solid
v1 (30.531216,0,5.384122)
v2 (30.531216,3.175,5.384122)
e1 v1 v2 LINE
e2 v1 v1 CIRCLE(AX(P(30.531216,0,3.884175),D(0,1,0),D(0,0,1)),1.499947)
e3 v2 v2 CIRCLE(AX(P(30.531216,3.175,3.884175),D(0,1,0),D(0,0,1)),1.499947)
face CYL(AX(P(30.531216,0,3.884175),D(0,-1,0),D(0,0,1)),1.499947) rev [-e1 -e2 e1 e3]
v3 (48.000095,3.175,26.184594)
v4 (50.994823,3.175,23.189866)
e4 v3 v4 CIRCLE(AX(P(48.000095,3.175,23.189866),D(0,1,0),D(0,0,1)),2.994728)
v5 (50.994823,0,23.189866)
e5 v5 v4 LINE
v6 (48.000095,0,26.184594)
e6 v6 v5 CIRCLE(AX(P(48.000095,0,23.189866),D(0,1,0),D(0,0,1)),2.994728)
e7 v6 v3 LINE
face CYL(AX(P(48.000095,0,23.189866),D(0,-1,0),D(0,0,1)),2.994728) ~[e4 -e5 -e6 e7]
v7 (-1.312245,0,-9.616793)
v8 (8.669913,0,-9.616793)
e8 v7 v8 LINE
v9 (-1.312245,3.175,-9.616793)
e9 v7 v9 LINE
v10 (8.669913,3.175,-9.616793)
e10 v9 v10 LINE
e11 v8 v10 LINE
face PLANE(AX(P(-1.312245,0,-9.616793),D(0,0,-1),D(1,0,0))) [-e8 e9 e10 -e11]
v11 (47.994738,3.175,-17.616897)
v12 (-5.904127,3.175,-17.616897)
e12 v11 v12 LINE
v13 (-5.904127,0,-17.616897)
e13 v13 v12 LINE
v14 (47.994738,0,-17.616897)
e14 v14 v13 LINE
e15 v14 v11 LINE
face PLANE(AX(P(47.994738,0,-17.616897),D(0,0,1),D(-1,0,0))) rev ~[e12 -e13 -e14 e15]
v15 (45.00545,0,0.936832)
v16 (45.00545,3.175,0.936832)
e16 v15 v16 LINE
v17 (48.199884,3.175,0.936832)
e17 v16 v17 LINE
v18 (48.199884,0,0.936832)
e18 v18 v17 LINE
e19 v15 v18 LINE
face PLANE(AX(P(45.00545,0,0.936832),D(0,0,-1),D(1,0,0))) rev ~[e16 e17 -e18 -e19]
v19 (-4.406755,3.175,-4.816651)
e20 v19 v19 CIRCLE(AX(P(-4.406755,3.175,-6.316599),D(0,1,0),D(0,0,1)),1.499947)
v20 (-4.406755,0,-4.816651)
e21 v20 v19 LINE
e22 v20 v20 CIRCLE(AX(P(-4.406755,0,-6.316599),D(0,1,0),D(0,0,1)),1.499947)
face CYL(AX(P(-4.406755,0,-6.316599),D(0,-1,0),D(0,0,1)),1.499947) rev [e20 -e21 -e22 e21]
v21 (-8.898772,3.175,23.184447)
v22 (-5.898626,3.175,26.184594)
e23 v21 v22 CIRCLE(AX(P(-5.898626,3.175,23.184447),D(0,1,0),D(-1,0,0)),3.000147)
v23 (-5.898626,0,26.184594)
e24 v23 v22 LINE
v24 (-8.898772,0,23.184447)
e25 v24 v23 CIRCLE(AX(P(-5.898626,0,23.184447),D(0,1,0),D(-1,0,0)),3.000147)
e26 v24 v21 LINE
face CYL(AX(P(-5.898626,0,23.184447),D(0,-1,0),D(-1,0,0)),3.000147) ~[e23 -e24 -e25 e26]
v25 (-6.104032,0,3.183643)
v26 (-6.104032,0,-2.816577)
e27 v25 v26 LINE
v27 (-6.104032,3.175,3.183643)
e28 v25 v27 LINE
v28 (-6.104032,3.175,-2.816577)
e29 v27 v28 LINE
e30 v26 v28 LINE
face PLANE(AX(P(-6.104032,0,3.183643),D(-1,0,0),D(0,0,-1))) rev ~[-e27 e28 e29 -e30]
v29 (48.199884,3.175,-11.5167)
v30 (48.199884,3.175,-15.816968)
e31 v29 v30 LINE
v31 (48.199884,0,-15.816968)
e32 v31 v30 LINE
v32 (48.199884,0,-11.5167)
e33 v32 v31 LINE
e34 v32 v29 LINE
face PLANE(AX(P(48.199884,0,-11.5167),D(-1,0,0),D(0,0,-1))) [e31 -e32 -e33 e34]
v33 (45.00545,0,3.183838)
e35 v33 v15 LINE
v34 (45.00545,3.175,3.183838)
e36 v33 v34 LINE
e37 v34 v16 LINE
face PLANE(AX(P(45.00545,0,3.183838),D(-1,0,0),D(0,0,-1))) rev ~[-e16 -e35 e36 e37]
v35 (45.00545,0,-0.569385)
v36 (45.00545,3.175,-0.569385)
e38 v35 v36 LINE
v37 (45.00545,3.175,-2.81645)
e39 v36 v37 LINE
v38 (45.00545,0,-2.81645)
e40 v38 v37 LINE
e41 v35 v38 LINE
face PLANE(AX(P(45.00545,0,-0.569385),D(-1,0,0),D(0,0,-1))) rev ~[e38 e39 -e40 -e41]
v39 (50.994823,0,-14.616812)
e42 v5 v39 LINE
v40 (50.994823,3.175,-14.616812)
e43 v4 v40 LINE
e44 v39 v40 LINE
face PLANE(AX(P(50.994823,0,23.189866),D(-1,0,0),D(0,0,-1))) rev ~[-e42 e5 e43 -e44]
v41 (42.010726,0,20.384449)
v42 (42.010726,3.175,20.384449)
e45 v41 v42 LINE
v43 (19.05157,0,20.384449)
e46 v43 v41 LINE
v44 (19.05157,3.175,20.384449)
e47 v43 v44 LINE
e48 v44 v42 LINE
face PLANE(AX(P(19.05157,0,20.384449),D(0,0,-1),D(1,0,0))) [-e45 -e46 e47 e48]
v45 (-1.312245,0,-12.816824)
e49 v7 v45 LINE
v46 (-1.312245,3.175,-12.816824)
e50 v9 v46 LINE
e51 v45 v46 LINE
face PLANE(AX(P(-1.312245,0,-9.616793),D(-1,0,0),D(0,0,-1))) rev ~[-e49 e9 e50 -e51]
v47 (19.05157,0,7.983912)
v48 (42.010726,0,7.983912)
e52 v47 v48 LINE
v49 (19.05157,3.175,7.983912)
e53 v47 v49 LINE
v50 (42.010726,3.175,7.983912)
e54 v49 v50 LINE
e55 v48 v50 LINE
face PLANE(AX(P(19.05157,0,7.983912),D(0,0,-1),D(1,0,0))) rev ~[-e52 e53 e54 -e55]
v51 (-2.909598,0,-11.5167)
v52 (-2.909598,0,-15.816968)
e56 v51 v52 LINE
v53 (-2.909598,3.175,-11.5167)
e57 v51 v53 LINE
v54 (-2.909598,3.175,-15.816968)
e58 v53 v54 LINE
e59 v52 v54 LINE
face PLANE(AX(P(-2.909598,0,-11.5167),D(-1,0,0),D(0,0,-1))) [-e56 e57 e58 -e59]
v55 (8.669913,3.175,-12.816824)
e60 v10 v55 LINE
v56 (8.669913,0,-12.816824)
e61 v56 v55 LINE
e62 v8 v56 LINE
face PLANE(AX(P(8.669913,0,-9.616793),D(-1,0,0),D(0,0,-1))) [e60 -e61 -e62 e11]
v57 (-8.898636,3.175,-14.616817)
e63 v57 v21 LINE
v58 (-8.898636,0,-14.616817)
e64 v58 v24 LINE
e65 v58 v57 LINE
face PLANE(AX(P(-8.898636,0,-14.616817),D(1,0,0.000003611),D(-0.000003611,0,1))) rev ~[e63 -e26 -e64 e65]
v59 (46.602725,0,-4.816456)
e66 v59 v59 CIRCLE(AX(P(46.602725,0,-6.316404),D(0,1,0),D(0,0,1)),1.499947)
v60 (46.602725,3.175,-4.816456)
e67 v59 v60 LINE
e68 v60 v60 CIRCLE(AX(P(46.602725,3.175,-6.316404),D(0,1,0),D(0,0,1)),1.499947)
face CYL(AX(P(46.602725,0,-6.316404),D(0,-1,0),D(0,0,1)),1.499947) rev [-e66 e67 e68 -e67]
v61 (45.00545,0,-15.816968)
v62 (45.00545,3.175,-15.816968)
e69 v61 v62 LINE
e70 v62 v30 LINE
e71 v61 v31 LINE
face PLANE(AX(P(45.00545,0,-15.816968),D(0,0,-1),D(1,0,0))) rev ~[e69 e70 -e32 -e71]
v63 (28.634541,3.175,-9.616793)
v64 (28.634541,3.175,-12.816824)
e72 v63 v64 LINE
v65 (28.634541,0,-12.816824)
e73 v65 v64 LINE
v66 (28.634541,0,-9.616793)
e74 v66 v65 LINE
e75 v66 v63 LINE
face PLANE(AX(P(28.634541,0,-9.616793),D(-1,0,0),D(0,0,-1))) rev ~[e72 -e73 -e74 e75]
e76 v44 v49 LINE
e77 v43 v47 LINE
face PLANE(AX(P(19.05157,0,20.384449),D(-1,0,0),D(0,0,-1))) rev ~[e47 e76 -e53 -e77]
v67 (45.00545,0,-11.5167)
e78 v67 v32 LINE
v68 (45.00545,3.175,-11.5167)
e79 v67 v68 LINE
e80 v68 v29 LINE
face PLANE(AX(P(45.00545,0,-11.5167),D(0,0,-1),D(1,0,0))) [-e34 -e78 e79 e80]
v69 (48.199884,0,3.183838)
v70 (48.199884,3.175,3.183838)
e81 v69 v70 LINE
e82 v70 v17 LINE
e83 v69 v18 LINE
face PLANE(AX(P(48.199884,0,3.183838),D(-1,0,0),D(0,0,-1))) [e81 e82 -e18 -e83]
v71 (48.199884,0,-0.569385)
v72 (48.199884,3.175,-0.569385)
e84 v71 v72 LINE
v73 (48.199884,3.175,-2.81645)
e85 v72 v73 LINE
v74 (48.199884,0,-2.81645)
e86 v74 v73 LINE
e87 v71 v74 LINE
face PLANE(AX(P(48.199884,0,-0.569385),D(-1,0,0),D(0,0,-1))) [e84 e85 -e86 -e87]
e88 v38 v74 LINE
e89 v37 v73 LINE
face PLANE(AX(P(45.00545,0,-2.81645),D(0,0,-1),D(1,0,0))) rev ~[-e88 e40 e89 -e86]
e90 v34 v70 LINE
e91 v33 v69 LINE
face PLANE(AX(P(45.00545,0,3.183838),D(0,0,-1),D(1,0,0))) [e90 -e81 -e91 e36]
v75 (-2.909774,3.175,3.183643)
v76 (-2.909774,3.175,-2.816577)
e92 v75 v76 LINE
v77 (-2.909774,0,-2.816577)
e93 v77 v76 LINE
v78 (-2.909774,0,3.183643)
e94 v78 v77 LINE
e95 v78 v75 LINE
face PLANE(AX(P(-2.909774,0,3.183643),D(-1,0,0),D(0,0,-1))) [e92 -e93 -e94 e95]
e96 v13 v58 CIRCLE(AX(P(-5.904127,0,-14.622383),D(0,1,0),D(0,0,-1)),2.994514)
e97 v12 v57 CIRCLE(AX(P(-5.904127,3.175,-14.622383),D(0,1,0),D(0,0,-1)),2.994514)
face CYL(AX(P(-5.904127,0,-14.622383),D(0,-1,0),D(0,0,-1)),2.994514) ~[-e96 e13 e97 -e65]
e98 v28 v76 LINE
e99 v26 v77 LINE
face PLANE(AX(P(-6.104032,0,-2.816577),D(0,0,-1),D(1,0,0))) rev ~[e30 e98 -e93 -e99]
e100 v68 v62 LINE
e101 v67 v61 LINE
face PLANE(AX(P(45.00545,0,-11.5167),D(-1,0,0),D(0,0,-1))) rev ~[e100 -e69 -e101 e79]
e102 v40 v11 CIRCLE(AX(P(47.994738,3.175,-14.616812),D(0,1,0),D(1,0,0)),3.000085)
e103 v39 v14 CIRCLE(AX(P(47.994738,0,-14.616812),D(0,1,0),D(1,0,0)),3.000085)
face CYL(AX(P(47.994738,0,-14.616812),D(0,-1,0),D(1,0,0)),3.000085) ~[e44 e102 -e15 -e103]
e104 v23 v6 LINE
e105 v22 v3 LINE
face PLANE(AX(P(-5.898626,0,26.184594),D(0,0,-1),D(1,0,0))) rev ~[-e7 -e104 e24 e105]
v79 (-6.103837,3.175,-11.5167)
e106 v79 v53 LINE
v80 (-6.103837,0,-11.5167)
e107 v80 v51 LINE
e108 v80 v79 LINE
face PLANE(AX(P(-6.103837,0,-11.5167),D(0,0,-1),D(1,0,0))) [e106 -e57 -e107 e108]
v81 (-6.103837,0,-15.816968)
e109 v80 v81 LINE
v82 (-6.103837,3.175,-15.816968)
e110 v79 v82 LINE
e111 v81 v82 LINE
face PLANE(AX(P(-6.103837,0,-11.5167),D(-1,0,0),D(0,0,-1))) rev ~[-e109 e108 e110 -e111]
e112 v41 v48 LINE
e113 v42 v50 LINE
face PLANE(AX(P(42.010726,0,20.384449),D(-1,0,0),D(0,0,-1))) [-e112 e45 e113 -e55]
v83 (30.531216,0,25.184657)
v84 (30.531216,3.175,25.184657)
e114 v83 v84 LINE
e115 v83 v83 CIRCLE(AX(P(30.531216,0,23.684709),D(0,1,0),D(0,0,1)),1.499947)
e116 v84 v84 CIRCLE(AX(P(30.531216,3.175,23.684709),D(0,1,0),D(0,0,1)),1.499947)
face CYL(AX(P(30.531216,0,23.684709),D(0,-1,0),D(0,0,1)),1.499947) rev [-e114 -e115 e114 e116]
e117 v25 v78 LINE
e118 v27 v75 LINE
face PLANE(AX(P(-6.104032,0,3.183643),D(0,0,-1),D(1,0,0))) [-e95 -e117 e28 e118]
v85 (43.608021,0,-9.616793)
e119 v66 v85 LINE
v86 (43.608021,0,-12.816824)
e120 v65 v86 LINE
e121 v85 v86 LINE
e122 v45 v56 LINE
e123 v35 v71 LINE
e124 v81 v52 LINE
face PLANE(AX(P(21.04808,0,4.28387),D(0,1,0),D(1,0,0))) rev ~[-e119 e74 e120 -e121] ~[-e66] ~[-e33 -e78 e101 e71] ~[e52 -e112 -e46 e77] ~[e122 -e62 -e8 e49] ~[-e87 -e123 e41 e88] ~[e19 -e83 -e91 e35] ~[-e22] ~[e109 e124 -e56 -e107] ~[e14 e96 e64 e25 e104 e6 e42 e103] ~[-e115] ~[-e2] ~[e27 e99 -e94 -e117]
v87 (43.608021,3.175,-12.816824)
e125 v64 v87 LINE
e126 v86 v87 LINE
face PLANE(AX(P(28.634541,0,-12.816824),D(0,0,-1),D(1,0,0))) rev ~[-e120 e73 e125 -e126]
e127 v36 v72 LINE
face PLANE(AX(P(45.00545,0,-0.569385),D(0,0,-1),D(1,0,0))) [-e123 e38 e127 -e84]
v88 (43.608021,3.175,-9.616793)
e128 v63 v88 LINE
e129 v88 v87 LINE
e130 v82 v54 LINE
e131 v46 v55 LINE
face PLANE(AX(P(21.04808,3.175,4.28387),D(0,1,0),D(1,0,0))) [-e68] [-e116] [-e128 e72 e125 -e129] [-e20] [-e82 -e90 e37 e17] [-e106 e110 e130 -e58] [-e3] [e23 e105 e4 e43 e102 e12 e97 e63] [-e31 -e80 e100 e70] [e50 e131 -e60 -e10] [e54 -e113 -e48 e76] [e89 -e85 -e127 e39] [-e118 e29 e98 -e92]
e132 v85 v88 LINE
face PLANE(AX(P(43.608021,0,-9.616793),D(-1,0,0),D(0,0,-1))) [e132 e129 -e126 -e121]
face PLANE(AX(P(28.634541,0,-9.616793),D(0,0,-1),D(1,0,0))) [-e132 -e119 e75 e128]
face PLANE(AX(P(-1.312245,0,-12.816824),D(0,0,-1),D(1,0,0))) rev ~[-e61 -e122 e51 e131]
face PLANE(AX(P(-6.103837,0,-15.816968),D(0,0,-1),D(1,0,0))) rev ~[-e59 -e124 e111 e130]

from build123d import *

# Parameters (mm, degrees)
SKETCH1_R           = 1.499947483
SKETCH1_W           = 3.194434014
SKETCH1_H           = 2.247005984
SKETCH1_W_2         = 3.194258538
SKETCH1_H_2         = 6.00021965
SKETCH1_W_3         = 14.9734805
SKETCH1_H_3         = 3.200030878
SKETCH1_W_4         = 9.982157856
SKETCH1_W_5         = 3.194239042
SKETCH1_H_4         = 4.3002681
SKETCH1_H_5         = 2.247064582
SKETCH1_H_6         = 4.300268101
SKETCH1_W_6         = 22.959156093
SKETCH1_H_7         = 12.400537771
BOSS_EXTRUDE1_DEPTH = 3.175


with BuildPart() as part:
    # Sketch1 → Boss-Extrude1 (new body)
    with BuildSketch(Plane(origin=(0, 0, 0), x_dir=(1, 0, 0), z_dir=(0, 1, 0))):
        with BuildLine():
            Line((-8.89863563, 14.616816531), (-8.898772113, -23.184447467))
            ThreePointArc((-8.898772113, -23.184447467), (-8.020049515, -25.305871479), (-5.898625504, -26.184594076))
            Line((-5.898625504, -26.184594076), (48.00009504, -26.184594076))
            ThreePointArc((48.00009504, -26.184594076), (50.117687721, -25.307458468), (50.994823329, -23.189865787))
            Line((50.994823329, -23.189865787), (50.994823329, 14.616811748))
            ThreePointArc((50.994823329, 14.616811748), (50.116118686, 16.738192414), (47.99473802, 17.616897057))
            Line((47.99473802, 17.616897057), (-5.904126705, 17.616897057))
            ThreePointArc((-5.904126705, 17.616897057), (-8.023535046, 16.737855239), (-8.89863563, 14.616816531))
        make_face()
        with Locations(Location((-4.406755257, 6.316598951, 0), (0, 0, 270))):
            Circle(SKETCH1_R, mode=Mode.SUBTRACT)
        with Locations(Location((30.531216432, -3.884174874, 0), (0, 0, 270))):
            Circle(SKETCH1_R, mode=Mode.SUBTRACT)
        with Locations(Location((46.602725133, 6.316403622, 0), (0, 0, 270))):
            Circle(SKETCH1_R, mode=Mode.SUBTRACT)
        with Locations(Location((30.531216431, -23.684709277, 0), (0, 0, 270))):
            Circle(SKETCH1_R, mode=Mode.SUBTRACT)
        with Locations((46.602666641, -2.060335363)):
            Rectangle(SKETCH1_W, SKETCH1_H, mode=Mode.SUBTRACT)
        with Locations((-4.506903026, -0.183533202)):
            Rectangle(SKETCH1_W_2, SKETCH1_H_2, mode=Mode.SUBTRACT)
        with Locations((36.121280984, 11.216808443)):
            Rectangle(SKETCH1_W_3, SKETCH1_H_3, mode=Mode.SUBTRACT)
        with Locations((3.678834136, 11.216808444)):
            Rectangle(SKETCH1_W_4, SKETCH1_H_3, mode=Mode.SUBTRACT)
        with Locations((-4.506717801, 13.66683384)):
            Rectangle(SKETCH1_W_5, SKETCH1_H_4, mode=Mode.SUBTRACT)
        with Locations((46.602666641, 1.692917368)):
            Rectangle(SKETCH1_W, SKETCH1_H_5, mode=Mode.SUBTRACT)
        with Locations((46.602666642, 13.666833838)):
            Rectangle(SKETCH1_W, SKETCH1_H_6, mode=Mode.SUBTRACT)
        with Locations((30.531148191, -14.184180414)):
            Rectangle(SKETCH1_W_6, SKETCH1_H_7, mode=Mode.SUBTRACT)
    extrude(amount=BOSS_EXTRUDE1_DEPTH)


solid = part.part
